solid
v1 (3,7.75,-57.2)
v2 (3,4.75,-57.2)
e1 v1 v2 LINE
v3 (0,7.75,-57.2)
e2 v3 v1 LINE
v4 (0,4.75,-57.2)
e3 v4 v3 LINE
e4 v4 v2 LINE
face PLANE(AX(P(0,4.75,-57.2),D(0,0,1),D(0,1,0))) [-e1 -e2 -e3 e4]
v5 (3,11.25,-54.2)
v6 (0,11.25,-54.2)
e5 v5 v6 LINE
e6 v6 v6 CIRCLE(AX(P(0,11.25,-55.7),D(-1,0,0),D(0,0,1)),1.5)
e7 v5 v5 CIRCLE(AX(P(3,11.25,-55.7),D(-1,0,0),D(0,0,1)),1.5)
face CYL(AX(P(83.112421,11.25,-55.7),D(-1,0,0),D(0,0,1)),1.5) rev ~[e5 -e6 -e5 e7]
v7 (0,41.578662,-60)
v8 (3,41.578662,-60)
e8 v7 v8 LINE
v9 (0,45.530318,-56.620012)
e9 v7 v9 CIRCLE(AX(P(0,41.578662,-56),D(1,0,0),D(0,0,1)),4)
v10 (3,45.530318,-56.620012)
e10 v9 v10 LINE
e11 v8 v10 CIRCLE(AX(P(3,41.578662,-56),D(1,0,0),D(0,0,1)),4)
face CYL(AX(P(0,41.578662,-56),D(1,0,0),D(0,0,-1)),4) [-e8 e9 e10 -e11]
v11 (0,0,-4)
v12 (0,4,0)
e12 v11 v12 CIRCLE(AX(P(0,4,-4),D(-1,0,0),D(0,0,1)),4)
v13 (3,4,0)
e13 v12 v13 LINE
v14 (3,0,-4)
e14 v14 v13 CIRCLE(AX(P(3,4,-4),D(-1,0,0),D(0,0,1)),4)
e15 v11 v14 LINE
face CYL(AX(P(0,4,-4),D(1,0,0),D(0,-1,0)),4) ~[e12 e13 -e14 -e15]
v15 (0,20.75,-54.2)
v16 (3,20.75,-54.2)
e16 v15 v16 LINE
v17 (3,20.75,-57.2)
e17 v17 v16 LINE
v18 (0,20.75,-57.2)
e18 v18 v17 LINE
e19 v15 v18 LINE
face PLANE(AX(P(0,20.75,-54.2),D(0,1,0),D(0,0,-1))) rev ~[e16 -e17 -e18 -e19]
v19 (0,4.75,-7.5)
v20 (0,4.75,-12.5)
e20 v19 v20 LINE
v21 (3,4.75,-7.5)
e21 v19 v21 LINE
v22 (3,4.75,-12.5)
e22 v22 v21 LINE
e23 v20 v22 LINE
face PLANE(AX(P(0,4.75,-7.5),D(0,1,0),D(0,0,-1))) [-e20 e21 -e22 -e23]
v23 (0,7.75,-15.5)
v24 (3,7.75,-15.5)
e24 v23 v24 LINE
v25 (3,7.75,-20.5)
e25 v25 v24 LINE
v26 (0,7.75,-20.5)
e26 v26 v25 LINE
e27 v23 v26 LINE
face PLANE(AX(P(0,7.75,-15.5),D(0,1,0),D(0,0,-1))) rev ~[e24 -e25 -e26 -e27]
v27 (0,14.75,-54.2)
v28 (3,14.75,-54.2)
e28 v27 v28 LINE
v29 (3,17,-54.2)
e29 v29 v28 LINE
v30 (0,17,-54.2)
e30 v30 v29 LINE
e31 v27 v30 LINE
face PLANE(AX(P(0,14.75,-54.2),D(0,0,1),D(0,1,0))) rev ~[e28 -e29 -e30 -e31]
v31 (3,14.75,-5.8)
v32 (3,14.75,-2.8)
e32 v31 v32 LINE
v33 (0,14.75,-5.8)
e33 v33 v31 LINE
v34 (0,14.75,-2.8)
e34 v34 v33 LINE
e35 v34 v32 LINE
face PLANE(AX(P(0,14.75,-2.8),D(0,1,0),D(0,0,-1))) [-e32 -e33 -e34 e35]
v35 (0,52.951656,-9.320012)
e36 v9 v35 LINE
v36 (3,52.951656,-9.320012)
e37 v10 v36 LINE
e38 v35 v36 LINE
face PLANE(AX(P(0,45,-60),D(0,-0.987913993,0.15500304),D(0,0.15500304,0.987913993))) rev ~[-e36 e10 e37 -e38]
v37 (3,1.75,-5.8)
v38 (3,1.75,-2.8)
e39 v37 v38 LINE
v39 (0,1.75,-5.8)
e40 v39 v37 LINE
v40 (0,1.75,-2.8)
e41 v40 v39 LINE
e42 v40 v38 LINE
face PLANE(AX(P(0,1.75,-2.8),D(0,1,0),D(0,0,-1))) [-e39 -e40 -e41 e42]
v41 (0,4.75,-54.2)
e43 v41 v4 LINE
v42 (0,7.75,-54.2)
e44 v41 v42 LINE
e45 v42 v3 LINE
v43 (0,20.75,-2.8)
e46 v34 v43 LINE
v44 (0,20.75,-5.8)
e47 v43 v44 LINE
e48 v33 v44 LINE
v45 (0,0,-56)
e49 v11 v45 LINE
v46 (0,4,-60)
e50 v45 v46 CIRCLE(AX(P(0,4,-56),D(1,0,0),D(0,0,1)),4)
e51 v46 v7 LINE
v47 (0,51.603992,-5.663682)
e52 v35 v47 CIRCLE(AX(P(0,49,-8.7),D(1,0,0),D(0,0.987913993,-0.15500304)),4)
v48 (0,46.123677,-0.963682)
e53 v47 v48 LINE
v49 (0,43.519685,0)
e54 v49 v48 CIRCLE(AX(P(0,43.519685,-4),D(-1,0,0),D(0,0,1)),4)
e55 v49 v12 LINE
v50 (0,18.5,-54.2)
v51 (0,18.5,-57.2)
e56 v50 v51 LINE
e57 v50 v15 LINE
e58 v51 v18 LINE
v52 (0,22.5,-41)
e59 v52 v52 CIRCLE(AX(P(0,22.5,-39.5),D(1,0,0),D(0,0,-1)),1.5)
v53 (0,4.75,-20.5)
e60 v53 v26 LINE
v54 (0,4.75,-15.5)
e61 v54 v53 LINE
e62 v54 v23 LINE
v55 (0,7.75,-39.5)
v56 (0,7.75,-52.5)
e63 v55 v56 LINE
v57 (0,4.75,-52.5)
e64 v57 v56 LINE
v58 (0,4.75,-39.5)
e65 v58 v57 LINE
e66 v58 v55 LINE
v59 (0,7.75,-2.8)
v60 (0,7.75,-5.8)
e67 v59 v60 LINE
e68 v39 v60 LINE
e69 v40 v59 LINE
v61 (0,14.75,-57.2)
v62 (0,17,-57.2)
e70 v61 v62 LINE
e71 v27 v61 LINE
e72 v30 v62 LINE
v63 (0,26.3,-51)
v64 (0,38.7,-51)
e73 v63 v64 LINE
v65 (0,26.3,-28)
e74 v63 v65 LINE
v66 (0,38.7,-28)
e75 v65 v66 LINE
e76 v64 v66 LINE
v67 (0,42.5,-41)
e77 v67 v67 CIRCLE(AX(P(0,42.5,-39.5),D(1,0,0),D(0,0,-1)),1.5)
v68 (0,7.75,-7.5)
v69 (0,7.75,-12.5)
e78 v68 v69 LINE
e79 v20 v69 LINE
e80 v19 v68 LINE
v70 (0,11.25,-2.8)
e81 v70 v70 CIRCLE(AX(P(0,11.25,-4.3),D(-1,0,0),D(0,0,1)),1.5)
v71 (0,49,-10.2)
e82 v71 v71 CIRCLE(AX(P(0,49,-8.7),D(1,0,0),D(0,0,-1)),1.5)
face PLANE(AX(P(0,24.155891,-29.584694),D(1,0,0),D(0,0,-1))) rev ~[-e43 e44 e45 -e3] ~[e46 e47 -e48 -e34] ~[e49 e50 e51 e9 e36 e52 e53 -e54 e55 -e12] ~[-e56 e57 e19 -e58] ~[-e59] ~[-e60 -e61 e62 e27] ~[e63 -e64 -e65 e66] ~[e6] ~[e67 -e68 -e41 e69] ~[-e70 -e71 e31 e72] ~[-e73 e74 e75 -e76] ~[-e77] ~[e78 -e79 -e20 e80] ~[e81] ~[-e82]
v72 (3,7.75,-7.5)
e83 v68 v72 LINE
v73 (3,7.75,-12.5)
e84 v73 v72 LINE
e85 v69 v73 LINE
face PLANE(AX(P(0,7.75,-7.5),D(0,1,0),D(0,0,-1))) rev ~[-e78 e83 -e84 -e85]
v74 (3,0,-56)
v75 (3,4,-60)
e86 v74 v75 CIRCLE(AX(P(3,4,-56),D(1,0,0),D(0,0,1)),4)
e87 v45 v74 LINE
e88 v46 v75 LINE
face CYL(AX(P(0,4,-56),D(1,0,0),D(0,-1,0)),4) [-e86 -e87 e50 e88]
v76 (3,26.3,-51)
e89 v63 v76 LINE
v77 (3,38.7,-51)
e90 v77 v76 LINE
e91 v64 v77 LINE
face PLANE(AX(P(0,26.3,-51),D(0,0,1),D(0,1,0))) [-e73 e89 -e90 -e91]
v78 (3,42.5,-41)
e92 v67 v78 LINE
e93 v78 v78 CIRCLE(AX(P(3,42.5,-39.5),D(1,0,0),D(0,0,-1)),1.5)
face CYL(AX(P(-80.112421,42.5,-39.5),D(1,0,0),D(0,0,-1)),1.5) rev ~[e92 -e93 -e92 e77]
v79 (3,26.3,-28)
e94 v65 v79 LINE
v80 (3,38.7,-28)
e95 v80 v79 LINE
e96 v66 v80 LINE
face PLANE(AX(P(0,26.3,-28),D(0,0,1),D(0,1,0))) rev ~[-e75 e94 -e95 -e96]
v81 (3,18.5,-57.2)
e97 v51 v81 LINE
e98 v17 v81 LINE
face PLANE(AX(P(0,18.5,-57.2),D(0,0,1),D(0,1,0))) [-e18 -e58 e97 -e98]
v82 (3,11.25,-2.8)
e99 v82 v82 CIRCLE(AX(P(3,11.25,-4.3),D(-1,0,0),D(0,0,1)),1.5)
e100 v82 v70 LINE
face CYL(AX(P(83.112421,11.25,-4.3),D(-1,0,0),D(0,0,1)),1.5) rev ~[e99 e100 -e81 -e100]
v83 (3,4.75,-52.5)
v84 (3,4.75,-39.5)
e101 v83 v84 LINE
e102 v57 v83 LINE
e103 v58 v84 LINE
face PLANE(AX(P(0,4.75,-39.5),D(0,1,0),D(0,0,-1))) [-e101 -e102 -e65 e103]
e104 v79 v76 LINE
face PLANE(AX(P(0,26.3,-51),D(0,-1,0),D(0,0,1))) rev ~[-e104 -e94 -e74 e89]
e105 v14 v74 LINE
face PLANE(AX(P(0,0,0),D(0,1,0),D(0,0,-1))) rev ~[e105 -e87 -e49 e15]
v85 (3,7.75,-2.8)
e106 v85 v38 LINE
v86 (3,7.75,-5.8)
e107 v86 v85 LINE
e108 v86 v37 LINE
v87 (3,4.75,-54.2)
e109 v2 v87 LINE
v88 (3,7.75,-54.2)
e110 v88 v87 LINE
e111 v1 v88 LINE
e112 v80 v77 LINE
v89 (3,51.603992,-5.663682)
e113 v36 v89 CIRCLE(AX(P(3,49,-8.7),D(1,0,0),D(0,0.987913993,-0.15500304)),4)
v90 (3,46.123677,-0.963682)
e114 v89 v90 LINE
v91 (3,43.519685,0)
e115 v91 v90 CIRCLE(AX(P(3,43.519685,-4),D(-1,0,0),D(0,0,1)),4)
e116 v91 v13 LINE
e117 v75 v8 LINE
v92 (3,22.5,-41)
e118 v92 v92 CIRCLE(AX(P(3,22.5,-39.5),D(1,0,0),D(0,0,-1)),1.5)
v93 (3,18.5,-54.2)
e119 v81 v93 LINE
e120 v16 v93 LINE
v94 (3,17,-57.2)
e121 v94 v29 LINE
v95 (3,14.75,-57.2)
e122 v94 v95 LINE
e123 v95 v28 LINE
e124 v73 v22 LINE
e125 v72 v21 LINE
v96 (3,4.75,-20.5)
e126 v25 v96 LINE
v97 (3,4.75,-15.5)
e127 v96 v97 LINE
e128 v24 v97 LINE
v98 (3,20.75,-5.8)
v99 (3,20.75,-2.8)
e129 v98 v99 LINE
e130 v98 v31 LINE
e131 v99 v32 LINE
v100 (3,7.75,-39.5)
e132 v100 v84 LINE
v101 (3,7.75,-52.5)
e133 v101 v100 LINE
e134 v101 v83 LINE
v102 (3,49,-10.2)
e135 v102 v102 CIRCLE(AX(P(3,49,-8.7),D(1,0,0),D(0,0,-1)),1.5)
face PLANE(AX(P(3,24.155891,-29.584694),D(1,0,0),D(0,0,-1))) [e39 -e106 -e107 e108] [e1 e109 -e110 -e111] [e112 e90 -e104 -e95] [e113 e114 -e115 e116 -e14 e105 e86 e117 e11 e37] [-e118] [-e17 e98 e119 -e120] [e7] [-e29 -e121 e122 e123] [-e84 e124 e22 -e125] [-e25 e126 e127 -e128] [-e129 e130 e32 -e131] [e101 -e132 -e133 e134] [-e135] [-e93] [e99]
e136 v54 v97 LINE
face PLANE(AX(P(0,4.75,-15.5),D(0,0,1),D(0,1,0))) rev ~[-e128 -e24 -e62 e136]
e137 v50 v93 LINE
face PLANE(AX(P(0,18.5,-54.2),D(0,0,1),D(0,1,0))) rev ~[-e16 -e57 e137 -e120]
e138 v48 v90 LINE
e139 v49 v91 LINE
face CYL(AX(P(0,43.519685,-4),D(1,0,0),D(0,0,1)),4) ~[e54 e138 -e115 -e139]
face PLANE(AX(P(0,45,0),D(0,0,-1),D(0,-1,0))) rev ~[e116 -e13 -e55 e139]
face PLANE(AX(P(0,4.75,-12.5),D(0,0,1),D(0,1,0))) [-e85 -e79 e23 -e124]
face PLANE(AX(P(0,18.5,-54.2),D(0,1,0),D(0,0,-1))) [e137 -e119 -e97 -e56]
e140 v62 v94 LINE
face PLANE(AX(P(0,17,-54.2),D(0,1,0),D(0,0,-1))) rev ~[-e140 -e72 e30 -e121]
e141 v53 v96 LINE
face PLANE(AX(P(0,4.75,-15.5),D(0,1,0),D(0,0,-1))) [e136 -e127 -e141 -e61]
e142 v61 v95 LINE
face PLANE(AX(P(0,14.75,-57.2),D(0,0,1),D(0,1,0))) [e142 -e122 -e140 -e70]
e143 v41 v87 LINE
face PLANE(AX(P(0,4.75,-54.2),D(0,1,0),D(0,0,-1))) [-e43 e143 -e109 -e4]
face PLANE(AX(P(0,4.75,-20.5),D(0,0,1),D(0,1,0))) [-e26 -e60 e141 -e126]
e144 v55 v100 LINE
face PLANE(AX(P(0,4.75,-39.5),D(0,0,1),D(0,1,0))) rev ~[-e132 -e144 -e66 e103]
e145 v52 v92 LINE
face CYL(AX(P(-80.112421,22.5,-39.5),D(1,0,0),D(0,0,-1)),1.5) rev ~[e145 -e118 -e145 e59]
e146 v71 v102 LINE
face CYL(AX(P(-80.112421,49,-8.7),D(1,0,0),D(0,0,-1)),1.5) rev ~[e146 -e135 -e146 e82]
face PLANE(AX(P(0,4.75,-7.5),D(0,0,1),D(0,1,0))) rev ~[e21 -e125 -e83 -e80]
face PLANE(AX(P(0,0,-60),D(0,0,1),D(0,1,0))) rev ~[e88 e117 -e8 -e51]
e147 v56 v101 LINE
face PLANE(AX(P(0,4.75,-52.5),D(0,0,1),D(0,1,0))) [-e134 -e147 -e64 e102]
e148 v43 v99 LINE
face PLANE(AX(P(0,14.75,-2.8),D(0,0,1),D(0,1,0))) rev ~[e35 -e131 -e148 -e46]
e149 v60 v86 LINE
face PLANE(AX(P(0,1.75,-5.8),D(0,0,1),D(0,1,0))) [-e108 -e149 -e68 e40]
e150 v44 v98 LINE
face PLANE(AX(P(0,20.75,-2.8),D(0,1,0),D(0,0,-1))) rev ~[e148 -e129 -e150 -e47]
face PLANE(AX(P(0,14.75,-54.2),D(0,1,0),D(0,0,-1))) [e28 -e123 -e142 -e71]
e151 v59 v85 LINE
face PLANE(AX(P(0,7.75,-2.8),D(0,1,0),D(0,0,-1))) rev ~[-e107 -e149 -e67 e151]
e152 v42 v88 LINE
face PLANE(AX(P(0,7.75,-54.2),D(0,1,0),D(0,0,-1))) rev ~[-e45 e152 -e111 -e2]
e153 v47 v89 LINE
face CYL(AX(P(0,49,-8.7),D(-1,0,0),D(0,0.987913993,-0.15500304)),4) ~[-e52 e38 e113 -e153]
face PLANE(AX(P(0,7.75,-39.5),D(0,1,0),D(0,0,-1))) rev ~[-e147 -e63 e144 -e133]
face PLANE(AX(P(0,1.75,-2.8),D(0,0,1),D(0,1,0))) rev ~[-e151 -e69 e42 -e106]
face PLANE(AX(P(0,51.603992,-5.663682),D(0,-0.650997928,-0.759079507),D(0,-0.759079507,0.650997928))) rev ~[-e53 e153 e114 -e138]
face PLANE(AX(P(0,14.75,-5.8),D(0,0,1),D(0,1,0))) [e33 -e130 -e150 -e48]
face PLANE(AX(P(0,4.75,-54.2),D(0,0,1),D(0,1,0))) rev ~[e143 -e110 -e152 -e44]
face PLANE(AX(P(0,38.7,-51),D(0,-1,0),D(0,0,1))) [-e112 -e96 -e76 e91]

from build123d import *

# Parameters (mm, degrees)
RESSALTO_EXTRUS_O1_DEPTH   = 3
PERFIL_CORTE_W             = 23
PERFIL_CORTE_H             = 12.4
CORTE_PRINCIPAL_DEPTH      = 55.998187902
FURO_DE_DI_METRO_3_0_3_1_D = 3
ESBO_O6_W                  = 3
ESBO_O6_H                  = 6
ESBO_O6_H_2                = 2.25
ESBO_O6_H_3                = 3
CORTE_EXTRUS_O1_DEPTH      = 81.112421009
FURO_DE_DI_METRO_3_0_3_2_D = 3
FURO_DE_DI_METRO_3_0_3_3_D = 3
ESBO_O9_W                  = 5
ESBO_O9_H                  = 3
ESBO_O9_W_2                = 13
CORTE_EXTRUS_O2_DEPTH      = 81.112421009
FILETE1_R                  = 4


with BuildPart() as part:
    # Esboço1 → Ressalto-extrusão1 (new body)
    with BuildSketch(Plane(origin=(0, 0, 0), x_dir=(0, 0, -1), z_dir=(1, 0, 0))):
        with BuildLine():
            Line((0, 0), (60, 0))
            Line((60, 0), (60, 45))
            Line((60, 45), (9.320012162, 52.951655972))
            ThreePointArc((9.320012162, 52.951655972), (7.316640593, 52.753174223), (5.663681972, 51.603991711))
            Line((5.663681972, 51.603991711), (0, 45))
            Line((0, 45), (0, 0))
        make_face()
    extrude(amount=RESSALTO_EXTRUS_O1_DEPTH)

    # Perfil Corte → Corte Principal (cut, through all)
    with BuildSketch(Plane(origin=(0, 41.400449156, -36.080513885), x_dir=(0, 0, 1), z_dir=(-1, 0, 0))):
        with Locations((-3.419486115, -8.900449156)):
            Rectangle(PERFIL_CORTE_W, PERFIL_CORTE_H)
    extrude(amount=-CORTE_PRINCIPAL_DEPTH, mode=Mode.SUBTRACT)

    # Furo de diâmetro Ø3.0 (3)1 (through all)
    with Locations(Plane(origin=(0, -50, -154.479871529), x_dir=(0, 0, 1), z_dir=(-1, 0, 0))):
        with Locations((114.979871529, 92.5), (114.979871529, 72.5)):
            Hole(FURO_DE_DI_METRO_3_0_3_1_D / 2)

    # Esboço6 → Corte-extrusão1 (cut, through all)
    with BuildSketch(Plane(origin=(0, 0, 0), x_dir=(0, 0, -1), z_dir=(1, 0, 0))):
        with Locations((4.3, 17.75)):
            Rectangle(ESBO_O6_W, ESBO_O6_H)
        with Locations((4.3, 4.75)):
            Rectangle(ESBO_O6_W, ESBO_O6_H)
        with Locations((55.7, 19.625)):
            Rectangle(ESBO_O6_W, ESBO_O6_H_2)
        with Locations((55.7, 15.875)):
            Rectangle(ESBO_O6_W, ESBO_O6_H_2)
        with Locations((55.7, 6.25)):
            Rectangle(ESBO_O6_W, ESBO_O6_H_3)
    extrude(amount=CORTE_EXTRUS_O1_DEPTH, mode=Mode.SUBTRACT)

    # Furo de diâmetro Ø3.0 (3)2 (through all)
    with Locations(Plane(origin=(3, 0, 0), x_dir=(0, 0, -1), z_dir=(1, 0, 0))):
        with Locations((4.3, 11.25), (55.7, 11.25)):
            Hole(FURO_DE_DI_METRO_3_0_3_2_D / 2)

    # Furo de diâmetro Ø3.0 (3)3 (through all)
    with Locations(Plane.ZY):
        with Locations((-8.7, 49)):
            Hole(FURO_DE_DI_METRO_3_0_3_3_D / 2)

    # Esboço9 → Corte-extrusão2 (cut, through all)
    with BuildSketch(Plane(origin=(0, 0, 0), x_dir=(0, 0, -1), z_dir=(1, 0, 0))):
        with Locations((10, 6.25)):
            Rectangle(ESBO_O9_W, ESBO_O9_H)
        with Locations((18, 6.25)):
            Rectangle(ESBO_O9_W, ESBO_O9_H)
        with Locations((46, 6.25)):
            Rectangle(ESBO_O9_W_2, ESBO_O9_H)
    extrude(amount=CORTE_EXTRUS_O2_DEPTH, mode=Mode.SUBTRACT)

    # Filete1
    filete1_edges = [part.edges().sort_by_distance(p)[0] for p in [
        (1.5, 45, 0),
        (1.5, 45, -60),
        (1.5, 0, -60),
        (1.5, 0, 0),
    ]]
    fillet(filete1_edges, radius=FILETE1_R)


solid = part.part
